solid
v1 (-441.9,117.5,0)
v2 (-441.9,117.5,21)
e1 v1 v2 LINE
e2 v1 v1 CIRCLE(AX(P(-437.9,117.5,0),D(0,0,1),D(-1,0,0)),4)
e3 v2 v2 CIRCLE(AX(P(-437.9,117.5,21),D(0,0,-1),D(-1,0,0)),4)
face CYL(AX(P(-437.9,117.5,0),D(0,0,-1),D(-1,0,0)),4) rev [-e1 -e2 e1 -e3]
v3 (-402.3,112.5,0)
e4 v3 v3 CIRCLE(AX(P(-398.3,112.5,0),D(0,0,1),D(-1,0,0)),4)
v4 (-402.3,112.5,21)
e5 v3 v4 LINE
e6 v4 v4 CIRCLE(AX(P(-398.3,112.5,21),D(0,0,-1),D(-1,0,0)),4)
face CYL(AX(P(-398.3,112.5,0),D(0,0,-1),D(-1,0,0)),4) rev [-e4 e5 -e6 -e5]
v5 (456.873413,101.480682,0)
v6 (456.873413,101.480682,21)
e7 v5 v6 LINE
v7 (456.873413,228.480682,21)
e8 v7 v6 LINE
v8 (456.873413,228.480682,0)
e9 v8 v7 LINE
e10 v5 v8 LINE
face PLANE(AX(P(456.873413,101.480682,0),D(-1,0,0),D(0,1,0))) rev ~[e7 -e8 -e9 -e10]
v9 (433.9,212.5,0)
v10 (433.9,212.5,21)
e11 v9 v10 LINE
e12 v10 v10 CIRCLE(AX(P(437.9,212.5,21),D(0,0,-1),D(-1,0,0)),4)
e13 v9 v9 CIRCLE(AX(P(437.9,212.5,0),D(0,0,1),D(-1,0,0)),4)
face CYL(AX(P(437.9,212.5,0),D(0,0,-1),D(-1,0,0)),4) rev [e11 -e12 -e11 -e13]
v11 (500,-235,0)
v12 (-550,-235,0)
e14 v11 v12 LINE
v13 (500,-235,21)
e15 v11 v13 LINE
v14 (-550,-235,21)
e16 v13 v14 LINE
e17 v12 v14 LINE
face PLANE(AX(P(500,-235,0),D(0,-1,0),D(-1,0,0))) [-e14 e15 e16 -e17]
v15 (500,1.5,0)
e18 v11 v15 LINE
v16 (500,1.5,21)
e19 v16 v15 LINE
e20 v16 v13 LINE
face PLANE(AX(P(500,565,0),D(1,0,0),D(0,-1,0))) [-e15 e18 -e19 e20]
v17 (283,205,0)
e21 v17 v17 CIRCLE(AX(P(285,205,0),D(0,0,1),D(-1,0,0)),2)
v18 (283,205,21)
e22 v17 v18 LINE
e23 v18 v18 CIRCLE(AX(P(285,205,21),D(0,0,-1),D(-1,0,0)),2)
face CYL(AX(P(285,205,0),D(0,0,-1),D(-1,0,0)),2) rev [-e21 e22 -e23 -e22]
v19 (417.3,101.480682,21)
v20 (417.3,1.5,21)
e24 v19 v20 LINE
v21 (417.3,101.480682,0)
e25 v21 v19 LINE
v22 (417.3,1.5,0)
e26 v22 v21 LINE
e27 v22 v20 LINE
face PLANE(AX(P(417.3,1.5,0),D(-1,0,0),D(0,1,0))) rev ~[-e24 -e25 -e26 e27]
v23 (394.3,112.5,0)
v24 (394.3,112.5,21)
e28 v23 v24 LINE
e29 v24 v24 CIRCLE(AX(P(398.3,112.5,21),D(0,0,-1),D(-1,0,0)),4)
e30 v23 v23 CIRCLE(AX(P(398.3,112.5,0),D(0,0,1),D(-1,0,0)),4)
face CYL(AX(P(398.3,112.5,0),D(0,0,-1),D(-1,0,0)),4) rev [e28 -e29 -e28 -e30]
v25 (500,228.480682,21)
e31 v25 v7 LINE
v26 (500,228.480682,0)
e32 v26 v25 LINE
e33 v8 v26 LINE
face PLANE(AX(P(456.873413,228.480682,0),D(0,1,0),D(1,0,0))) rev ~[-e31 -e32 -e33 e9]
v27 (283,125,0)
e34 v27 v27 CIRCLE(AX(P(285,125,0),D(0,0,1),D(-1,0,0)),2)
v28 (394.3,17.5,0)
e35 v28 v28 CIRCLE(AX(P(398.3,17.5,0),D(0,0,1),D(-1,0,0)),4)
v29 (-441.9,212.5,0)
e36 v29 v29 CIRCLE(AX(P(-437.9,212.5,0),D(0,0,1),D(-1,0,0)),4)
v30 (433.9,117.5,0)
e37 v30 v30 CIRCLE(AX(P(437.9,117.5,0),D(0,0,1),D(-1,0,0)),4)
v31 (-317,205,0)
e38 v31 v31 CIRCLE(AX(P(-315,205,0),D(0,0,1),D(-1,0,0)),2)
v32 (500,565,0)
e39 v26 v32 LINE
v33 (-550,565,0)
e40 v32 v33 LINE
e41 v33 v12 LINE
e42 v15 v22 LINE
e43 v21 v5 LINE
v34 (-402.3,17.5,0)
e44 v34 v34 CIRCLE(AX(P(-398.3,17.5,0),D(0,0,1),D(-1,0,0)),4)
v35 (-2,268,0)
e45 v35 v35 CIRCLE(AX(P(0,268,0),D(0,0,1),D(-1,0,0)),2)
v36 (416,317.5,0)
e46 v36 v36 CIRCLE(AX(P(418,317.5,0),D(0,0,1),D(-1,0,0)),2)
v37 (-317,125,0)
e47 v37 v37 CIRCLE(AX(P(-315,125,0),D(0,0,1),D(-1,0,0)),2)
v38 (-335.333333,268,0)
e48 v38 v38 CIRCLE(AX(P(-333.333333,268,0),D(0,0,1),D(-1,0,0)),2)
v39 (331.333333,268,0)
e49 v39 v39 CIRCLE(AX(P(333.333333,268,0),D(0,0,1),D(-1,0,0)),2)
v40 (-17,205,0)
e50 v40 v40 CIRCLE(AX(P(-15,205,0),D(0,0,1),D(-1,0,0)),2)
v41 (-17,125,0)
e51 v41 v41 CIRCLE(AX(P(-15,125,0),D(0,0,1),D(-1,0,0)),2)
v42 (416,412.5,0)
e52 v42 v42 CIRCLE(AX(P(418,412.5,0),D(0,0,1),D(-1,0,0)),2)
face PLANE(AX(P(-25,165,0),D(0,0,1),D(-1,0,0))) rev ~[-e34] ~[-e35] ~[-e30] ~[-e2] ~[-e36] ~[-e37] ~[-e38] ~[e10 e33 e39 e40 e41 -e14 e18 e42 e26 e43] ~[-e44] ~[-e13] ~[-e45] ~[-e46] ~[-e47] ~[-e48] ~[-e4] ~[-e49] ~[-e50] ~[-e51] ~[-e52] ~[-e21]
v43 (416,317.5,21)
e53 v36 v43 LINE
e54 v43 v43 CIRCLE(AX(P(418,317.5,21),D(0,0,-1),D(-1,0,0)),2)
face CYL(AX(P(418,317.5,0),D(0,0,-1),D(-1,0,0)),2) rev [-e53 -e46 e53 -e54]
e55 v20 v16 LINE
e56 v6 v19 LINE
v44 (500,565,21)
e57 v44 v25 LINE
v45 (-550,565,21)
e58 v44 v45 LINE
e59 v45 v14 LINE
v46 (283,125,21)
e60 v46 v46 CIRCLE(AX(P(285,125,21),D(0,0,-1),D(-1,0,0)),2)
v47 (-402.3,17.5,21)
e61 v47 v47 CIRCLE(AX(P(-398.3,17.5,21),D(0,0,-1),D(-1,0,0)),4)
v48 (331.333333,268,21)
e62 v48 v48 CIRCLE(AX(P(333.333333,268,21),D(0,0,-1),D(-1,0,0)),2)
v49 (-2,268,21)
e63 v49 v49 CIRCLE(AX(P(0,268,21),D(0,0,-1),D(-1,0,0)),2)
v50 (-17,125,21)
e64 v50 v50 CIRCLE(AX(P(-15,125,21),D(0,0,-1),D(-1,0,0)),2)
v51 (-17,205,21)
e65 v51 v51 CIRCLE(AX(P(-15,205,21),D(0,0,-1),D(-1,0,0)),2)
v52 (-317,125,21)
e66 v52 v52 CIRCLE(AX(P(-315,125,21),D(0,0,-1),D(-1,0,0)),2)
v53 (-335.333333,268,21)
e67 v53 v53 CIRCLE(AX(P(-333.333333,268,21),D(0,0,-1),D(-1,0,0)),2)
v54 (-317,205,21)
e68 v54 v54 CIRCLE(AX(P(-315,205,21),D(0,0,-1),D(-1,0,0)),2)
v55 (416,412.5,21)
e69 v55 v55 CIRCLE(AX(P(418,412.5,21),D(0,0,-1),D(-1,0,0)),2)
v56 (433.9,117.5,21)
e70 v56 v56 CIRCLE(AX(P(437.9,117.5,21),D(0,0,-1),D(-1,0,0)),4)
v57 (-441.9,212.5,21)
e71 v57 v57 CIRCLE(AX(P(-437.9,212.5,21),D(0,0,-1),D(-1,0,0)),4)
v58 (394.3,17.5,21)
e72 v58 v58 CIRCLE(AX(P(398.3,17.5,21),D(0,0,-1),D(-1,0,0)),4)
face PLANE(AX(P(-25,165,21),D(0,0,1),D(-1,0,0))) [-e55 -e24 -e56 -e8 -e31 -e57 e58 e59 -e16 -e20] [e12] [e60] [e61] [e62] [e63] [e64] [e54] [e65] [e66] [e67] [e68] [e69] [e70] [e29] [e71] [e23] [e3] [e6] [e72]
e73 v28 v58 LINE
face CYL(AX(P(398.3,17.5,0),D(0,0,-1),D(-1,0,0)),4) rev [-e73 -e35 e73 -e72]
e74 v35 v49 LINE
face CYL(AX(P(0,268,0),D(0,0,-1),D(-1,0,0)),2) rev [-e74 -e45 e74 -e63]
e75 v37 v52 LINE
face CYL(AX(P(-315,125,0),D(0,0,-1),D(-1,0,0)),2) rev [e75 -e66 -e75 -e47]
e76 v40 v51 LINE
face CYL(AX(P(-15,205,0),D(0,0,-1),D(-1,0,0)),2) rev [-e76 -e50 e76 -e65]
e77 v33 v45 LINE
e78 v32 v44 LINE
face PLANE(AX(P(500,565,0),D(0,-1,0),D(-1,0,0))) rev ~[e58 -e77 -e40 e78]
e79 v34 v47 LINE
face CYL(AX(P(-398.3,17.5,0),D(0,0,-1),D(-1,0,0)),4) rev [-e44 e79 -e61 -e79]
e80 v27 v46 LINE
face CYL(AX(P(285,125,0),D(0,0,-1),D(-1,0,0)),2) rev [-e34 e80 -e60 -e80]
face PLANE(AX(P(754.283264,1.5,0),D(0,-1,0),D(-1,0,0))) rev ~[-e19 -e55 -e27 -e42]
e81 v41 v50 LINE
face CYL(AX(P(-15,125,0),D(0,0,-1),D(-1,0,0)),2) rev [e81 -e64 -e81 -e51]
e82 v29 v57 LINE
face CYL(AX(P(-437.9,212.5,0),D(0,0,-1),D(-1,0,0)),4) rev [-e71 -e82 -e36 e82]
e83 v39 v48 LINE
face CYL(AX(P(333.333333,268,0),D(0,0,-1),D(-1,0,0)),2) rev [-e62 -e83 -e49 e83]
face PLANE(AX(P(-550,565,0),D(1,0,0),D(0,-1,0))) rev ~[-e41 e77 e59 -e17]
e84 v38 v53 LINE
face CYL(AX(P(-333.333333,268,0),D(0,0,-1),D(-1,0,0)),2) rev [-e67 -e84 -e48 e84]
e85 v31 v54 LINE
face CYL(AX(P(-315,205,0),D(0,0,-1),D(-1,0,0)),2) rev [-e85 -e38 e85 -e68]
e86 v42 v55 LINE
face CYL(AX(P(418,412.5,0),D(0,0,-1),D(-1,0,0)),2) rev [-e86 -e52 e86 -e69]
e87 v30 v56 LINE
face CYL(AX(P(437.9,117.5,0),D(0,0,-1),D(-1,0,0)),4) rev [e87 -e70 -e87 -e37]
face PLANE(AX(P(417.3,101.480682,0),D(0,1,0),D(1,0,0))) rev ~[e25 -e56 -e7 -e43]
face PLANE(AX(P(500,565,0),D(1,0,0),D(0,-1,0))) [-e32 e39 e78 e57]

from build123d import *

# Parameters (mm, degrees)
SKETCH_1_W                                   = 1050
SKETCH_1_H                                   = 800
PAD001_DEPTH                                 = 21
SKETCH003_R                                  = 4
SKETCH003_R_2                                = 2
POCKET_DEPTH                                 = 0.001
POCKET_DEPTH_BACK                            = 21.001
POCKET001_DEPTH                              = 0.001
POCKET001_DEPTH_BACK                         = 21.001
PLYWOOD_CUTTING_ROLL_SUPPORT_PLACEMENT_ANGLE = 180


with BuildPart() as part:
    # Sketch_1 → Pad001 (new body)
    with BuildSketch(Plane.XY):
        with Locations((25, -100)):
            Rectangle(SKETCH_1_W, SKETCH_1_H)
    extrude(amount=PAD001_DEPTH)

    # Sketch003 → Pocket (cut, two sides)
    with BuildSketch(Plane.XY) as pocket_sk:
        with Locations((-398.3, -47.5)):
            Circle(SKETCH003_R)
        with Locations((-398.3, 47.5)):
            Circle(SKETCH003_R)
        with Locations((398.3, -47.5)):
            Circle(SKETCH003_R)
        with Locations((398.3, 47.5)):
            Circle(SKETCH003_R)
        with Locations((-437.9, -147.5)):
            Circle(SKETCH003_R)
        with Locations((-437.9, -52.5)):
            Circle(SKETCH003_R)
        with Locations((437.9, -147.5)):
            Circle(SKETCH003_R)
        with Locations((437.9, -52.5)):
            Circle(SKETCH003_R)
        with Locations((15, -140)):
            Circle(SKETCH003_R_2)
        with Locations((15, -60)):
            Circle(SKETCH003_R_2)
        with Locations((315, -60)):
            Circle(SKETCH003_R_2)
        with Locations((315, -140)):
            Circle(SKETCH003_R_2)
        with Locations((-285, -140)):
            Circle(SKETCH003_R_2)
        with Locations((-285, -60)):
            Circle(SKETCH003_R_2)
        with Locations((-418, -252.5)):
            Circle(SKETCH003_R_2)
        with Locations((-418, -347.5)):
            Circle(SKETCH003_R_2)
        with Locations((0, -203)):
            Circle(SKETCH003_R_2)
        with Locations((333.333333, -203)):
            Circle(SKETCH003_R_2)
        with Locations((-333.333333, -203)):
            Circle(SKETCH003_R_2)
    extrude(amount=-POCKET_DEPTH, mode=Mode.SUBTRACT)
    extrude(pocket_sk.sketch, amount=POCKET_DEPTH_BACK, mode=Mode.SUBTRACT)

    # Sketch008 → Pocket001 (cut, two sides)
    with BuildSketch(Plane.XY) as pocket001_sk:
        Polygon((-417.3, 63.5), (-417.3, -36.480682), (-456.873413, -36.480682), (-456.873413, -163.480682), (-754.283264, -163.480682), (-754.283264, 63.5), align=None)
    extrude(amount=-POCKET001_DEPTH, mode=Mode.SUBTRACT)
    extrude(pocket001_sk.sketch, amount=POCKET001_DEPTH_BACK, mode=Mode.SUBTRACT)


with BuildPart() as part_1:
    # plywood_cutting_roll_support placement: moved
    add(part.part.moved(Location((0, 65, 0))).rotate(Axis((0, 65, 0), (0, 0, 1)), PLYWOOD_CUTTING_ROLL_SUPPORT_PLACEMENT_ANGLE))


solid = part_1.part
